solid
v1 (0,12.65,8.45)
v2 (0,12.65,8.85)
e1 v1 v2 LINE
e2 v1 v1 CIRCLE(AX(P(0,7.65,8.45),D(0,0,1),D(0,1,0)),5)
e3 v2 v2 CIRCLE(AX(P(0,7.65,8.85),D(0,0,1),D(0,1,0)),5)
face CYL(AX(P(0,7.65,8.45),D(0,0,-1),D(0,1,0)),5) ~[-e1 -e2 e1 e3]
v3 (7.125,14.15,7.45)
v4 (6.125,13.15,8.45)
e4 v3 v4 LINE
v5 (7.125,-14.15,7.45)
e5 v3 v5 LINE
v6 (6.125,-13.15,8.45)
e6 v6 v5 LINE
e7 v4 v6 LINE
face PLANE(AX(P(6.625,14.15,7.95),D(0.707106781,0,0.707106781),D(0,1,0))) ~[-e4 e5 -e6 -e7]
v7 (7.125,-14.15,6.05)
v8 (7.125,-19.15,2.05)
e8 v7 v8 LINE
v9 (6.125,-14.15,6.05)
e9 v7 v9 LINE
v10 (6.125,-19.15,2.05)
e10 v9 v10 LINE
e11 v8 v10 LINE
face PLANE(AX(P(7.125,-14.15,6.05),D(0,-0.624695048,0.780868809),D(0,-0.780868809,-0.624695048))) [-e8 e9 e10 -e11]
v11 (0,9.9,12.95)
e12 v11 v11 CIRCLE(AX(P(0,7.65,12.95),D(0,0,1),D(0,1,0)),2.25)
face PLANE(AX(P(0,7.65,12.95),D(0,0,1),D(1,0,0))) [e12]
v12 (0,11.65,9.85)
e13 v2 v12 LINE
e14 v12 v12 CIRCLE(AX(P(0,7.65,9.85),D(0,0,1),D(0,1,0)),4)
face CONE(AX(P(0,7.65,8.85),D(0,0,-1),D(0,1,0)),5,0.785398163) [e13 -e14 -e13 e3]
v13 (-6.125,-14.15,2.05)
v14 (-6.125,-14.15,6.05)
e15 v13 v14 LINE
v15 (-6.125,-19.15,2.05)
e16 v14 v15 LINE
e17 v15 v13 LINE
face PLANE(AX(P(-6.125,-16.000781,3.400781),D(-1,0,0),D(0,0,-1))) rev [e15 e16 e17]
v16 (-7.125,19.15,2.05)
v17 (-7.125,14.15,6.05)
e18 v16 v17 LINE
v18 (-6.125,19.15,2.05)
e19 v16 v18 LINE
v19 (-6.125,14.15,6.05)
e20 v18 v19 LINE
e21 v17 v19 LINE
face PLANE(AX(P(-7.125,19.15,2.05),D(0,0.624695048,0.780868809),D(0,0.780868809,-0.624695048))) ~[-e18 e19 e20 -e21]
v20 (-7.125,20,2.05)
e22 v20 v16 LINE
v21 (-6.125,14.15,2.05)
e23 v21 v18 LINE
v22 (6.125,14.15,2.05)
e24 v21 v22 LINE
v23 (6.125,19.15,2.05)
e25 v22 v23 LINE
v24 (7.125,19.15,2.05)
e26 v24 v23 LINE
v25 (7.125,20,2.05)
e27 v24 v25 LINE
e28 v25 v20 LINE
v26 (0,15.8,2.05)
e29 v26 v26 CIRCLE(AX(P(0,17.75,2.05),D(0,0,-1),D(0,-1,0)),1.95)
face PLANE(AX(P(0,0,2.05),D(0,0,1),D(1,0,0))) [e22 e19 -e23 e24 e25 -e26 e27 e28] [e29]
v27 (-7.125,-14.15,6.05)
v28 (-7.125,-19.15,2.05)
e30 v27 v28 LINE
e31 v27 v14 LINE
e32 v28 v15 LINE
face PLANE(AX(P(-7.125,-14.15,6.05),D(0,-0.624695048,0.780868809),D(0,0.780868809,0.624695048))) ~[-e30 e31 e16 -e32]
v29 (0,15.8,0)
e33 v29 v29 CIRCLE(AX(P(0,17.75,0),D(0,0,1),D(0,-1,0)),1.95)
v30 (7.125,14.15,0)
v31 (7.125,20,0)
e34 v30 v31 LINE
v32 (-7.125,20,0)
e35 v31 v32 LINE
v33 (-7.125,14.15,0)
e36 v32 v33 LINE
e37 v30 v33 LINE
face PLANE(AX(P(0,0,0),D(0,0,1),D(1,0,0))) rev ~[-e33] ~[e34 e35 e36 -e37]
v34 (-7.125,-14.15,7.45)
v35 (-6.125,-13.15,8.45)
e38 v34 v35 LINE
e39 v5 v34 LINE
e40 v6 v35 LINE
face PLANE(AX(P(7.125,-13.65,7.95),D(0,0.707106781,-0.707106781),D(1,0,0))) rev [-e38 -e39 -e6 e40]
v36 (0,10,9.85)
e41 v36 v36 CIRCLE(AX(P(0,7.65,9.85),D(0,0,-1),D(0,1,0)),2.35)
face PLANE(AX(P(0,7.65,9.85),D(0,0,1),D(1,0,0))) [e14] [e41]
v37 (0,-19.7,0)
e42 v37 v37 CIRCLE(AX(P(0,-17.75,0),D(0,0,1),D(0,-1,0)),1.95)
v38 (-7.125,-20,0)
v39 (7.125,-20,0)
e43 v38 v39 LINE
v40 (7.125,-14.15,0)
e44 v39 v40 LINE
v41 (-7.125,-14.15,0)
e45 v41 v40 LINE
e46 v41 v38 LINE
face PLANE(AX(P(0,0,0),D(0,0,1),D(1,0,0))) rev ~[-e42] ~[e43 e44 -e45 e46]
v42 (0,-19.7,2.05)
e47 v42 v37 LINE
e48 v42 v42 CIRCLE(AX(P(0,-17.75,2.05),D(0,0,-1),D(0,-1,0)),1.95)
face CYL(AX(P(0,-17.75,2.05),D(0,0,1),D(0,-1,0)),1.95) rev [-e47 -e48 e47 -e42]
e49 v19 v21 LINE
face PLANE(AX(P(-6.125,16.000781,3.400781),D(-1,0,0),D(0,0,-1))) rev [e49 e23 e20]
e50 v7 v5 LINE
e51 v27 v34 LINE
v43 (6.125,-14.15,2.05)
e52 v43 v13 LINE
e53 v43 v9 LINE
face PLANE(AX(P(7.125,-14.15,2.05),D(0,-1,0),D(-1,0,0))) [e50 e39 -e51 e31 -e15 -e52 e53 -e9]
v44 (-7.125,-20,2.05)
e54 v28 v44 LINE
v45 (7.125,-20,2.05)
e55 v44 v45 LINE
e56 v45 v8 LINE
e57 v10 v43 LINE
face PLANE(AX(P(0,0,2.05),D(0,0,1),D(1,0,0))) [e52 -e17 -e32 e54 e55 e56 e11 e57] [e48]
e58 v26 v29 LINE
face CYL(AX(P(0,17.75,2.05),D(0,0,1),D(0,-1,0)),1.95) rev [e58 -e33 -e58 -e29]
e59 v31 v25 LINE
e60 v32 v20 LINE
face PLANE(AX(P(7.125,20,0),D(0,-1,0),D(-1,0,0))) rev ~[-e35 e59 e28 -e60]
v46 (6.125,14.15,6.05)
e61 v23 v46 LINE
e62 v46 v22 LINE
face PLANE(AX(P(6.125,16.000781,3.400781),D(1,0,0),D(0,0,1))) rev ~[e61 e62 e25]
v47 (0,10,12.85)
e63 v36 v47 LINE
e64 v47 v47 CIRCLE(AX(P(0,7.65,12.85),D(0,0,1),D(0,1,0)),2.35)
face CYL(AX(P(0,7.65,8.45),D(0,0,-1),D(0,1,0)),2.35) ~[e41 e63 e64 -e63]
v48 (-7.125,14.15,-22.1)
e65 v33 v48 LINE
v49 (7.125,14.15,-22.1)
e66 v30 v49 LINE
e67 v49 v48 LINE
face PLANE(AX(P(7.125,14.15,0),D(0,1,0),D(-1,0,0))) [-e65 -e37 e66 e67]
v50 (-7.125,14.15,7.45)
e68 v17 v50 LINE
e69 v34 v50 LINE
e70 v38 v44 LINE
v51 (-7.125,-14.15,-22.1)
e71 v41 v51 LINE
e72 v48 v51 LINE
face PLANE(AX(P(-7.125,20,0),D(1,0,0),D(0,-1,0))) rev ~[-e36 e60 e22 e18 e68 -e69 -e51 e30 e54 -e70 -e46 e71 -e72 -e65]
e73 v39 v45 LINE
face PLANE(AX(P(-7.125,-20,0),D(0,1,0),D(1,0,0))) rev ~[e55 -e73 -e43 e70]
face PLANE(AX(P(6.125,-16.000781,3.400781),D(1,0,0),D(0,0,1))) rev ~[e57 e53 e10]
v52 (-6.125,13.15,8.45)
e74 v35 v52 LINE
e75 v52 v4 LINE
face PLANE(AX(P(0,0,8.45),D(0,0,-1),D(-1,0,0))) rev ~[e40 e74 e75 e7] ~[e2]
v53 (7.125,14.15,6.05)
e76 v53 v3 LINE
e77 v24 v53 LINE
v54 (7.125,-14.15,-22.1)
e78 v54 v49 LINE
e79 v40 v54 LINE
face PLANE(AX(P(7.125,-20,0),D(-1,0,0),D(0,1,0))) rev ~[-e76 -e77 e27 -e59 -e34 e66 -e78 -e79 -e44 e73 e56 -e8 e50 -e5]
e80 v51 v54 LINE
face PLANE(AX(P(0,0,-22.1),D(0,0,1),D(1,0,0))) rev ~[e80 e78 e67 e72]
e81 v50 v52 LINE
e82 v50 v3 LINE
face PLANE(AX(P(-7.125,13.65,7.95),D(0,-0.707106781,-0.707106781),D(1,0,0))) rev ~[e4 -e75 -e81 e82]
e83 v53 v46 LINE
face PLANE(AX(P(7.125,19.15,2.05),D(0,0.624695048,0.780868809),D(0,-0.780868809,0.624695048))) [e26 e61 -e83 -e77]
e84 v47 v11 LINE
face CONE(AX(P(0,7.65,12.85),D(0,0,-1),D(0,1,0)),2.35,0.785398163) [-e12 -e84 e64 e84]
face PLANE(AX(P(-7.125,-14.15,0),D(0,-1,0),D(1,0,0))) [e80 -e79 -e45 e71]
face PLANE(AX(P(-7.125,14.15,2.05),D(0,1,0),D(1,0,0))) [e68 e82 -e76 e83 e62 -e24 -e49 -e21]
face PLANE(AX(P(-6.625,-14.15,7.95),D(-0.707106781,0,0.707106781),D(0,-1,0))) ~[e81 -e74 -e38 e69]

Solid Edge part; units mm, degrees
sketch "Sketch1" plane through (0, 0, 0) normal (0, 0, 1) x (1, 0, 0)
  line L0 (-7.125, -14.15) -> (7.125, -14.15)
  line L1 (7.125, -14.15) -> (7.125, 14.15)
  line L2 (7.125, 14.15) -> (-7.125, 14.15)
  line L3 (-7.125, 14.15) -> (-7.125, -14.15)
  dimension "D1" = 28.3
  dimension "D2" = 14.25
extrude "Protrusion1" add sketch "Sketch1" against normal blind 22.1
sketch "Sketch2" plane through (0, 0, 0) normal (0, 0, 1) x (1, 0, 0)
  line L0 (-7.125, -20) -> (7.125, -20)
  line L1 (7.125, -20) -> (7.125, 20)
  line L2 (7.125, 20) -> (-7.125, 20)
  line L3 (-7.125, 20) -> (-7.125, -20)
  dimension "D1" = 40
extrude "ExtrudedProtrusion_2" add sketch "Sketch2" along normal blind 2.05
sketch "Sketch3" plane through (0, 0, 2.05) normal (0, 0, 1) x (1, 0, 0)
  line L0 (7.125, -14.15) -> (-7.125, -14.15)
  line L1 (-7.125, -14.15) -> (-7.125, 14.15)
  line L2 (-7.125, 14.15) -> (7.125, 14.15)
  line L3 (7.125, 14.15) -> (7.125, -14.15)
extrude "ExtrudedProtrusion_3" add sketch "Sketch3" along normal blind 6.4
hole "Hole1" at (0, -17.75, 2.05) direction (0, 0, -1) diameter 3.9 end up to next
hole "Hole2" at (0, 17.75, 2.05) direction (0, 0, -1) diameter 3.9 end up to next
sketch "Sketch4" plane through (0, 0, 8.45) normal (0, 0, 1) x (0, 1, 0)
  circle A0 centre (7.65, 0) radius 2.35
  dimension "D1" = 6.5
  dimension "D2" = 4.7
extrude "ExtrudedProtrusion_4" add sketch "Sketch4" along normal blind 4.5
sketch "Sketch5" plane through (0, 0, 8.45) normal (0, 0, 1) x (0, 1, 0)
  circle A0 centre (7.65, 0) radius 5
  dimension "D1" = 10
extrude "ExtrudedProtrusion_5" add sketch "Sketch5" along normal blind 1.4
sketch "Sketch6" plane through (7.125, 0, -6.825) normal (1, 0, 0) x (0, 1, 0)
  line L0 (-14.15, 8.875) -> (-14.15, 12.875)
  line L1 (-14.15, 12.875) -> (-19.15, 8.875)
  line L2 (-19.15, 8.875) -> (-14.15, 8.875)
  line L3 (14.15, 8.875) -> (19.15, 8.875)
  line L4 (19.15, 8.875) -> (14.15, 12.875)
  line L5 (14.15, 12.875) -> (14.15, 8.875)
  dimension "D1" = 4
  dimension "D2" = 5
extrude "ExtrudedProtrusion_6" add sketch "Sketch6" against normal blind 1
mirror "Mirror1" about plane through (0, 0, 0) normal (1, 0, 0) of "ExtrudedProtrusion_6"
chamfer "Chamfer_1" distance 1 angle 45 4 edges at (-7.125, 0, 8.45) (0, -14.15, 8.45) (7.125, 0, 8.45) (0, 14.15, 8.45)
chamfer "Chamfer_2" distance 1 angle 45 1 edges at (0, 2.65, 9.85)
chamfer "Chamfer_3" distance 0.1 angle 45 1 edges at (0, 5.3, 12.95)
